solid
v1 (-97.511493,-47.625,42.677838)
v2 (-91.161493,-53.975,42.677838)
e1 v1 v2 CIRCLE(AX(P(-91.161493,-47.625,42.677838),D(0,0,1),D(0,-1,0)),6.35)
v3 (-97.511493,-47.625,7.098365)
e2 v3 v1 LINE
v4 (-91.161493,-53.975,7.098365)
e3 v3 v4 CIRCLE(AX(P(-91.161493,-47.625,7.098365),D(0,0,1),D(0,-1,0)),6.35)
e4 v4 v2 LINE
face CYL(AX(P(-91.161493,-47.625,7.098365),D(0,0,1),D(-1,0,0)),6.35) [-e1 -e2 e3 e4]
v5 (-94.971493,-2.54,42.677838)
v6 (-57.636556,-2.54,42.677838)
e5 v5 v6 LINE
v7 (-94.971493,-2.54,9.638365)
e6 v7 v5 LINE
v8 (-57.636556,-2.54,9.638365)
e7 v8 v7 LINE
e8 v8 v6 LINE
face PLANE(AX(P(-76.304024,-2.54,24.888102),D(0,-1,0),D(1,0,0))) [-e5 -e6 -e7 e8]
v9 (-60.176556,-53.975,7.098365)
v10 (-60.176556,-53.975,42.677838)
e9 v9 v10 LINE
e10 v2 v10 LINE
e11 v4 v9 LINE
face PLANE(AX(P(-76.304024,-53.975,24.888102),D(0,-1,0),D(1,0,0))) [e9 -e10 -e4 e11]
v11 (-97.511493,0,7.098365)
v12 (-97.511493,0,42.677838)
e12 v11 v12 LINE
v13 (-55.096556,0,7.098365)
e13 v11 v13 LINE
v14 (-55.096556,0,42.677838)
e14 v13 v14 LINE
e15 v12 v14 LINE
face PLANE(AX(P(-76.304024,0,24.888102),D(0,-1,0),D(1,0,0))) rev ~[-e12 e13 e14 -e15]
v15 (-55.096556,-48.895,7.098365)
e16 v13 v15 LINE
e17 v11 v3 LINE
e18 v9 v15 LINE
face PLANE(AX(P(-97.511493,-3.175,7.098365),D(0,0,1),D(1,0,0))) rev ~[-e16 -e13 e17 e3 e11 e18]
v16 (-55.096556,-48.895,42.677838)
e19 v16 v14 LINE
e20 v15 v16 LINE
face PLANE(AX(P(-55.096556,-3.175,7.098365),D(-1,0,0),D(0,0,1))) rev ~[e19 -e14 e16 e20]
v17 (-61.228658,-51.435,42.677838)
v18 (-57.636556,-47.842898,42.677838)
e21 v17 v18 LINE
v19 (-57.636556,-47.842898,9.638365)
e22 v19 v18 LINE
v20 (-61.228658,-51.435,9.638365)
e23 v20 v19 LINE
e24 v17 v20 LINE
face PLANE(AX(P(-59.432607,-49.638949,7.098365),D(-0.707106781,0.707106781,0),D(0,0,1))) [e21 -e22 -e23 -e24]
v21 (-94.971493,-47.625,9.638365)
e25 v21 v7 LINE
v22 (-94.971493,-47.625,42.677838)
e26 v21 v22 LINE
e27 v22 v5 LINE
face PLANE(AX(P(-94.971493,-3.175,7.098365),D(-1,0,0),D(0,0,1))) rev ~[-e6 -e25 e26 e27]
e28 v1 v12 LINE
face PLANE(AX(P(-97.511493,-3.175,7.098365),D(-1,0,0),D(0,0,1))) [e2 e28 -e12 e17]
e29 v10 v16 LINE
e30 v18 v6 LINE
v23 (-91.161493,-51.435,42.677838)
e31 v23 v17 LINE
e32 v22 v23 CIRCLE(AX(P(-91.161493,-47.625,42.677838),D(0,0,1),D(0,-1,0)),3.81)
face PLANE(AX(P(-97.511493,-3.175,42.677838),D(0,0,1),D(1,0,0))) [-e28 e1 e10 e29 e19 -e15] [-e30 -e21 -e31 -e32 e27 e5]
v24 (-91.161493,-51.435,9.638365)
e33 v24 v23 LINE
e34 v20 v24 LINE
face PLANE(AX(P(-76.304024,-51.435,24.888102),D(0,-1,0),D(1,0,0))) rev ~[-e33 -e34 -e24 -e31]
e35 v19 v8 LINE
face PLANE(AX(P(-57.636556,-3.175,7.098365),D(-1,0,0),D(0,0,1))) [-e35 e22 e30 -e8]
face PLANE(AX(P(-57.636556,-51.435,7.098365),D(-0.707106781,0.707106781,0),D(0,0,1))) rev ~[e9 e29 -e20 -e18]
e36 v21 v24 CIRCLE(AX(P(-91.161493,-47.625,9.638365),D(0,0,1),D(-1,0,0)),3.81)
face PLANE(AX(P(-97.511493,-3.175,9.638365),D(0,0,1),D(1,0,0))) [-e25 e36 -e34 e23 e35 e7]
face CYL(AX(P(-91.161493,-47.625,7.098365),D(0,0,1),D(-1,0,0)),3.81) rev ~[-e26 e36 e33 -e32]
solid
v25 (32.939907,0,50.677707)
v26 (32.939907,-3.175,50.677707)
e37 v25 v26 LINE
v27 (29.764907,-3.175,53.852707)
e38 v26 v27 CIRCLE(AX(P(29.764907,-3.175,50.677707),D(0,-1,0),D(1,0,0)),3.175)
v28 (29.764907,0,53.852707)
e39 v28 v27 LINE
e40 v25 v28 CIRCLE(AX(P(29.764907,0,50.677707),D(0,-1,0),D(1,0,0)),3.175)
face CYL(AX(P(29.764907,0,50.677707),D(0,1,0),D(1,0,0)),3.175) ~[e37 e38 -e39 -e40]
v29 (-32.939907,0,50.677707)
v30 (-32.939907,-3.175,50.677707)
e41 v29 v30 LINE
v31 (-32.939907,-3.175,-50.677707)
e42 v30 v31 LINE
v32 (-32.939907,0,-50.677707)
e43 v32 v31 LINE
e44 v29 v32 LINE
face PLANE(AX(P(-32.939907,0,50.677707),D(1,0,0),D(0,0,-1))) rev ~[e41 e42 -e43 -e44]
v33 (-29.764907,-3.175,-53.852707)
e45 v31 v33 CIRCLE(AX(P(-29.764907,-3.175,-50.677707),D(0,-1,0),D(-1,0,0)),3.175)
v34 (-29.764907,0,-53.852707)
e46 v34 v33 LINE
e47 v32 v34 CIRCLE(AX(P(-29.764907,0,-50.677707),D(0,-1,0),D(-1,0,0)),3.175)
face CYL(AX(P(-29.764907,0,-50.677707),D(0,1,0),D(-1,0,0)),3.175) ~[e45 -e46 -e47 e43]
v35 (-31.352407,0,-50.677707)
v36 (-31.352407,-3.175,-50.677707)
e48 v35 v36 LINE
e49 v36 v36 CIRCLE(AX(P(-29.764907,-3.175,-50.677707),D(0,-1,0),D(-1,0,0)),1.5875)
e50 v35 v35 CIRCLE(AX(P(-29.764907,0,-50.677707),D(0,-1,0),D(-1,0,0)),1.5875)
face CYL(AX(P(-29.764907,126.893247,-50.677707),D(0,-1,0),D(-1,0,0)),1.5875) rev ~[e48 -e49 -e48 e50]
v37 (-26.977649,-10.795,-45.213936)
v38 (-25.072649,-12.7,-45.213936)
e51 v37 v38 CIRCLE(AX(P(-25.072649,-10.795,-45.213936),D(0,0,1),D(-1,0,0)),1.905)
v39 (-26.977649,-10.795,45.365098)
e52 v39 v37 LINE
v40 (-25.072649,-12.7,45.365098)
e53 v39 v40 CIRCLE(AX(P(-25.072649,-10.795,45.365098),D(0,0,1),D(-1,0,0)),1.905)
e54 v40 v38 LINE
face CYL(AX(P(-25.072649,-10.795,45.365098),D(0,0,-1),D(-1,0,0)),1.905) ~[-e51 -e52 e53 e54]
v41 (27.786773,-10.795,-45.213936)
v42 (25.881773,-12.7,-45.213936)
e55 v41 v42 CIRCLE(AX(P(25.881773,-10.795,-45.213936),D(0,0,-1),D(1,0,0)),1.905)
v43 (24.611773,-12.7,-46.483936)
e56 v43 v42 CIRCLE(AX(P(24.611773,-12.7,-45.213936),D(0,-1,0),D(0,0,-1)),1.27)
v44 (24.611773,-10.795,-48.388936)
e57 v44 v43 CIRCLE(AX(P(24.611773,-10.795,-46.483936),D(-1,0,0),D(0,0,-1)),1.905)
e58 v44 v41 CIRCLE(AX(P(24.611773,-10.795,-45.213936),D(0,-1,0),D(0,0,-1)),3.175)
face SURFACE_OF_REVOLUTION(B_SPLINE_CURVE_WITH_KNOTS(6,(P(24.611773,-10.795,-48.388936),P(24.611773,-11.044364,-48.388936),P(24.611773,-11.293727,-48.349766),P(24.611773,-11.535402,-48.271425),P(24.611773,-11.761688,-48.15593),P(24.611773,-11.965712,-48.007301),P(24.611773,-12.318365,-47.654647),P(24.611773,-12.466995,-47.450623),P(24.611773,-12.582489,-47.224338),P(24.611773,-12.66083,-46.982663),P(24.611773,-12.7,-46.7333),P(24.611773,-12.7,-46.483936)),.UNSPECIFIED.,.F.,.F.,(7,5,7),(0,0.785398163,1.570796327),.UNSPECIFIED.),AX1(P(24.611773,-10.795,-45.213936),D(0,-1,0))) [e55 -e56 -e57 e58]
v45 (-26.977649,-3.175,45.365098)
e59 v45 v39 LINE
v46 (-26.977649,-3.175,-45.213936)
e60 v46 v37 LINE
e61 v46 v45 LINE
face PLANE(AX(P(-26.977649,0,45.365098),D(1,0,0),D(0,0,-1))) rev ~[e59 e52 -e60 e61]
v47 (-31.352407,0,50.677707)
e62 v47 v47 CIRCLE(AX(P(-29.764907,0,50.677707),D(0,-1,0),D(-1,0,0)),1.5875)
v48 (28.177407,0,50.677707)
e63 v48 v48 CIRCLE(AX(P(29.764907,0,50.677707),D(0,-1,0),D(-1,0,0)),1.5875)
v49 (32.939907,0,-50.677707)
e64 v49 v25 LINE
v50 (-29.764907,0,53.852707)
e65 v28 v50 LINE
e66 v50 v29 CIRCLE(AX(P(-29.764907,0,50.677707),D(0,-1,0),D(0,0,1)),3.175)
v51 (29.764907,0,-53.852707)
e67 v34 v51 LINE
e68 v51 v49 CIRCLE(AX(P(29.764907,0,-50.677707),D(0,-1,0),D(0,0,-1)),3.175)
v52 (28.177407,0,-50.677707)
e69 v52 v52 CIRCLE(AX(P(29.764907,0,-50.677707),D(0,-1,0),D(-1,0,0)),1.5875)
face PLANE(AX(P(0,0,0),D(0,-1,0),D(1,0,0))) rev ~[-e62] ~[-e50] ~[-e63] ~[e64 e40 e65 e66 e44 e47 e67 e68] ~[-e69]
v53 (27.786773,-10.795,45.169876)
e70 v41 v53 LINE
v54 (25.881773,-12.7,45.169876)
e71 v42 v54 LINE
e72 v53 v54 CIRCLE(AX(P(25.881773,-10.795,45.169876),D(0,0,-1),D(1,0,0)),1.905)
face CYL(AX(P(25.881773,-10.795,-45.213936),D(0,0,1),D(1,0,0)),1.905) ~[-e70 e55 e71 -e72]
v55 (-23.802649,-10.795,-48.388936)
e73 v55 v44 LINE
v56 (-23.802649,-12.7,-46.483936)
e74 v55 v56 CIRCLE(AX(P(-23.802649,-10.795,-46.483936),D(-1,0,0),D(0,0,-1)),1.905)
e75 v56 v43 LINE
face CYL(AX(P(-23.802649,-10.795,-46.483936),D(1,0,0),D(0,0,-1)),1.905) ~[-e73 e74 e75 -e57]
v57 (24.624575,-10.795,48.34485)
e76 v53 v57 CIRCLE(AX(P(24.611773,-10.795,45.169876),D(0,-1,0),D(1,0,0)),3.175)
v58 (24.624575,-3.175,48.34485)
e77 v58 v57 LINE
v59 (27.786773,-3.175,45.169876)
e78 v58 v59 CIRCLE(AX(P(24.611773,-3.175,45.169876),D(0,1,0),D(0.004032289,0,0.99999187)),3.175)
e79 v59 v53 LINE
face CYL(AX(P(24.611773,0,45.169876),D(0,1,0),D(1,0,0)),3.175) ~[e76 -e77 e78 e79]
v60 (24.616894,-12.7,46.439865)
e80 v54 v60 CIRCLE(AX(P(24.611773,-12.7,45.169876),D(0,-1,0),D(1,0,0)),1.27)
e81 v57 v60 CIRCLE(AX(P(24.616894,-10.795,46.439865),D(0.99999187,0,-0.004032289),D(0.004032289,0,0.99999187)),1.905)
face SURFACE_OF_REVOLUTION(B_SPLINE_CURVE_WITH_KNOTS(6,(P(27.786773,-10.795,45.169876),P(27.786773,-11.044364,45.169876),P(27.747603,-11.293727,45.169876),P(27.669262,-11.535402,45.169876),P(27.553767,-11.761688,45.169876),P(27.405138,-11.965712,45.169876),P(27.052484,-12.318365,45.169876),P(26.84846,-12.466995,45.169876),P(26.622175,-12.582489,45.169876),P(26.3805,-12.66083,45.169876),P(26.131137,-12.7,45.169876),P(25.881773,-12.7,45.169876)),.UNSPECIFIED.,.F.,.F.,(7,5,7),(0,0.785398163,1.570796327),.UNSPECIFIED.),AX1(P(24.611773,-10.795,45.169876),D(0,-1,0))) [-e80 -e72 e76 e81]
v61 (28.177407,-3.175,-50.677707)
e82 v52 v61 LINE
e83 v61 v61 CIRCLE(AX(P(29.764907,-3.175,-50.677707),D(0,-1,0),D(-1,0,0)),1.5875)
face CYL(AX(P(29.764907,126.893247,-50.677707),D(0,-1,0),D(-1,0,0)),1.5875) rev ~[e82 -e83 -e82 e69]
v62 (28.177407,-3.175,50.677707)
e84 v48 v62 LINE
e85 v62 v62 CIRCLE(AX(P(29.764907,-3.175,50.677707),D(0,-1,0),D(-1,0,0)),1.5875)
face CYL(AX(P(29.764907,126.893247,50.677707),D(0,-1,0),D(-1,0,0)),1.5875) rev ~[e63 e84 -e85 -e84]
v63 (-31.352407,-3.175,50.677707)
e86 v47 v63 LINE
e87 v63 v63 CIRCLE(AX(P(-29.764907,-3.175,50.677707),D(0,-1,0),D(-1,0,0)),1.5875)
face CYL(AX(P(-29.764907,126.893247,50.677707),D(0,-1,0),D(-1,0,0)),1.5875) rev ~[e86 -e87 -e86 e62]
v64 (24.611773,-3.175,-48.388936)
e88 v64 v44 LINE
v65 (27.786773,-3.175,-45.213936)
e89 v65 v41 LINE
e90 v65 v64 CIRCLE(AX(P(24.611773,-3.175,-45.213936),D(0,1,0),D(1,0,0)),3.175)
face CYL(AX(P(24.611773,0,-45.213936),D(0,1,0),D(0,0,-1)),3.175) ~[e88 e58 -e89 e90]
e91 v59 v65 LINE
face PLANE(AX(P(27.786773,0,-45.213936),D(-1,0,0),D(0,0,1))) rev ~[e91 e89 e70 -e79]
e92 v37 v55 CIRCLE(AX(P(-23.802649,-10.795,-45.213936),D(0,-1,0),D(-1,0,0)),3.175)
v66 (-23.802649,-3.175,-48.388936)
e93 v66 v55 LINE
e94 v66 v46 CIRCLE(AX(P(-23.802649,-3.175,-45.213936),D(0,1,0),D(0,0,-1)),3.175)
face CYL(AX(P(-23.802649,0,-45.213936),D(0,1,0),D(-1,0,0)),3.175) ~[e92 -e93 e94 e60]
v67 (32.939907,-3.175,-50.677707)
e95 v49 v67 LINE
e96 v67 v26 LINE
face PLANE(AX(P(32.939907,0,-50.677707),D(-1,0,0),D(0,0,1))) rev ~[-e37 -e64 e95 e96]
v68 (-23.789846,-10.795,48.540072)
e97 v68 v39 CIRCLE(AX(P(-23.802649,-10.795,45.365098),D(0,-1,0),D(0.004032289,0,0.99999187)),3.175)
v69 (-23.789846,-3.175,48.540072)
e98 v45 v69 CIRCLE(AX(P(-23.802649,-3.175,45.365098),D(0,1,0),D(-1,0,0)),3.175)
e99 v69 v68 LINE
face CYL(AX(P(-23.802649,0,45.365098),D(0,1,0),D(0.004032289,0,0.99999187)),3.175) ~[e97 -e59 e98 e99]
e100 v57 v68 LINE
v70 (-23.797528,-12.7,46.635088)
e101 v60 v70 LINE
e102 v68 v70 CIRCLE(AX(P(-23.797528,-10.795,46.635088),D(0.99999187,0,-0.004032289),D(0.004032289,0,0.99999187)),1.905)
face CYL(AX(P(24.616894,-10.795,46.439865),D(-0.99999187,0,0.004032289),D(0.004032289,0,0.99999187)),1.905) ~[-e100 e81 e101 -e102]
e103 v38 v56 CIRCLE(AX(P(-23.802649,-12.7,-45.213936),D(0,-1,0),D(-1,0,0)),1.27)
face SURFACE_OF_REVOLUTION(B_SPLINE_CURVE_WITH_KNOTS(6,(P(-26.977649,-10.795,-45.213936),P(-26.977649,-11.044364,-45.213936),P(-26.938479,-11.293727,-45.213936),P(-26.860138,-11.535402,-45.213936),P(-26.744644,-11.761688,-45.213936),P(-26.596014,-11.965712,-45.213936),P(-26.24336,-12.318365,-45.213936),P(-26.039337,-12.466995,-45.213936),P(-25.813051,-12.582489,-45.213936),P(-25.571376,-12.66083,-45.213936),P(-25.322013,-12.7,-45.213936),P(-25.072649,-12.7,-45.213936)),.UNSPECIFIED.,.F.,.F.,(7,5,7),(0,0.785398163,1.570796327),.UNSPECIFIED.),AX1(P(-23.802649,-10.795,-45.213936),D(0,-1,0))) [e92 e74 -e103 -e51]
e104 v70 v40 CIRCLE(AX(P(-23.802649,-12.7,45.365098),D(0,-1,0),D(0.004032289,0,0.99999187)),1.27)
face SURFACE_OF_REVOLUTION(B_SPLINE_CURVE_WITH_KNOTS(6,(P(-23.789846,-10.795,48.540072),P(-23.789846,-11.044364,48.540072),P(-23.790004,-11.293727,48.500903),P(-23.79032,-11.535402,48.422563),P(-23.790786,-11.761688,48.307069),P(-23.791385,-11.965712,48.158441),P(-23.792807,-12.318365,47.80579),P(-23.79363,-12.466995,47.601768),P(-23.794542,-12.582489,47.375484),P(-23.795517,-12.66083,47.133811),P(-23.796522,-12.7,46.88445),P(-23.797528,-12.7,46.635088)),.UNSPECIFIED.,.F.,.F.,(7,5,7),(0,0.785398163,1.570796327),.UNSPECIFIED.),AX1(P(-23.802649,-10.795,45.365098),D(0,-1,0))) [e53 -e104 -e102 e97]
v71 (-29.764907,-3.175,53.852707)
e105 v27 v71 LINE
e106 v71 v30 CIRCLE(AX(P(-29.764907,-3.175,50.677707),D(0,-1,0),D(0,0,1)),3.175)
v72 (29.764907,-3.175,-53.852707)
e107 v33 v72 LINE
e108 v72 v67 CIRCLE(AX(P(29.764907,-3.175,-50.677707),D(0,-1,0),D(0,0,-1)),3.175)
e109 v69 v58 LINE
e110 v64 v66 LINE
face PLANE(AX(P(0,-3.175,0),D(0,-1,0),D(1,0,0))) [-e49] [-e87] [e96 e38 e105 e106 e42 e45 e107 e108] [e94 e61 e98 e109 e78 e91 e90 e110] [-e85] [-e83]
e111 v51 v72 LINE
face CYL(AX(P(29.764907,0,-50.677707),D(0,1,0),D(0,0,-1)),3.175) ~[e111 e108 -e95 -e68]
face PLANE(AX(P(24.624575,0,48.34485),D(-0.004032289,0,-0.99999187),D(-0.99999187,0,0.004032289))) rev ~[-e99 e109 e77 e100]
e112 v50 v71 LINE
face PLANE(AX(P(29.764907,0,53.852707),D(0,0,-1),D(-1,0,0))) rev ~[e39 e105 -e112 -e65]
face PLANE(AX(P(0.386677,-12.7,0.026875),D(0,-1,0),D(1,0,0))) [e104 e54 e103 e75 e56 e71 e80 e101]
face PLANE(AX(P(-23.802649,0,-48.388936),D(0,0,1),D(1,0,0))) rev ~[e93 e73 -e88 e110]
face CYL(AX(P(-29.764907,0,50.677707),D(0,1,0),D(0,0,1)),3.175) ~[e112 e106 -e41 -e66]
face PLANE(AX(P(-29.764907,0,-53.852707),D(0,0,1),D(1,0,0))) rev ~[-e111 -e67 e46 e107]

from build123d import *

# Parameters (mm, degrees)
F1_DEPTH = 12.7
F2_DEPTH = 3.175
F0_W     = 42.4149371684
F0_H     = 35.5794732459
F3_D     = 3.175
F4_D     = 3.175
F5_R     = 1.905
F6_DEPTH = 50.8
F7_R     = 6.35
F8_SIZE  = 5.08
F9_T     = -2.54


with BuildPart() as f1:
    # F0 (on Front) → F1 (new body)
    with BuildSketch(Plane.XZ):
        with BuildLine():
            ThreePointArc((-23.7898464417, 48.540072385), (-26.0431820434, 47.6146840466), (-26.9776489586, 45.3650981968))
            Line((-26.9776489586, 45.3650981968), (-26.9776489586, -45.2139356256))
            ThreePointArc((-26.9776489586, -45.2139356256), (-26.0477129888, -47.4589996558), (-23.8026489586, -48.3889356256))
            Line((-23.8026489586, -48.3889356256), (24.6117726982, -48.3889356256))
            ThreePointArc((24.6117726982, -48.3889356256), (26.8568367284, -47.4589996558), (27.7867726982, -45.2139356256))
            Line((27.7867726982, -45.2139356256), (27.7867726982, 45.1698756804))
            ThreePointArc((27.7867726982, 45.1698756804), (26.8613585479, 47.4104087653), (24.624575215, 48.3448498686))
            Line((24.624575215, 48.3448498686), (-23.7898464417, 48.540072385))
        make_face()
    extrude(amount=F1_DEPTH)

    # F0 (on Front) → F2 (join)
    with BuildSketch(Plane.XZ):
        with BuildLine():
            Line((29.7649071634, 53.8527071476), (-29.7649071634, 53.8527071476))
            ThreePointArc((-29.7649071634, 53.8527071476), (-32.0099711936, 52.9227711779), (-32.9399071634, 50.6777071476))
            Line((-32.9399071634, 50.6777071476), (-32.9399071634, -50.6777071476))
            ThreePointArc((-32.9399071634, -50.6777071476), (-32.0099711936, -52.9227711779), (-29.7649071634, -53.8527071476))
            Line((-29.7649071634, -53.8527071476), (29.7649071634, -53.8527071476))
            ThreePointArc((29.7649071634, -53.8527071476), (32.0099711936, -52.9227711779), (32.9399071634, -50.6777071476))
            Line((32.9399071634, -50.6777071476), (32.9399071634, 50.6777071476))
            ThreePointArc((32.9399071634, 50.6777071476), (32.0099711936, 52.9227711779), (29.7649071634, 53.8527071476))
        make_face()
        with BuildLine():
            Line((-26.9776489586, -45.2139356256), (-26.9776489586, 45.3650981968))
            ThreePointArc((-26.9776489586, 45.3650981968), (-26.0431820434, 47.6146840466), (-23.7898464417, 48.540072385))
            Line((-23.7898464417, 48.540072385), (24.624575215, 48.3448498686))
            ThreePointArc((24.624575215, 48.3448498686), (26.8613585479, 47.4104087653), (27.7867726982, 45.1698756804))
            Line((27.7867726982, 45.1698756804), (27.7867726982, -45.2139356256))
            ThreePointArc((27.7867726982, -45.2139356256), (26.8568367284, -47.4589996558), (24.6117726982, -48.3889356256))
            Line((24.6117726982, -48.3889356256), (-23.8026489586, -48.3889356256))
            ThreePointArc((-23.8026489586, -48.3889356256), (-26.0477129888, -47.4589996558), (-26.9776489586, -45.2139356256))
        make_face(mode=Mode.SUBTRACT)
    extrude(amount=F2_DEPTH)

    # F3 (through all)
    with Locations(Plane(origin=(0, 0, 0), x_dir=(1, 0, 0), z_dir=(0, 1, 0))):
        with Locations((-29.7649071634, -50.6777071476)):
            Hole(F3_D / 2)

    # F4 (through all)
    with Locations(Plane(origin=(0, 0, 0), x_dir=(1, 0, 0), z_dir=(0, 1, 0))):
        with Locations((29.7649071634, -50.6777071476), (-29.7649071634, 50.6777071476), (29.7649071634, 50.6777071476)):
            Hole(F4_D / 2)

    # F5
    f5_edges = [f1.edges().sort_by_distance(p)[0] for p in [
        (26.861359, -12.7, 47.410409),
        (0.417364, -12.7, 48.442461),
        (-26.043182, -12.7, 47.614684),
        (-26.977649, -12.7, 0.075581),
        (-26.047713, -12.7, -47.459),
        (0.404562, -12.7, -48.388936),
        (26.856837, -12.7, -47.459),
        (27.786773, -12.7, -0.02203),
    ]]
    fillet(f5_edges, radius=F5_R)


with BuildPart() as f2:
    # F0 (on Front) → F2, piece 2 (new body)
    with BuildSketch(Plane.XZ):
        with Locations((-76.3040240854, 24.8881017324)):
            Rectangle(F0_W, F0_H)
    extrude(amount=F2_DEPTH)

    # F6 (add): a face of the model
    f6_faces = [f2.faces().sort_by_distance(p)[0] for p in [
        (-76.3040240854, -3.175, 24.8881017324),
    ]]
    extrude(f6_faces, amount=F6_DEPTH)

    # F7
    f7_edges = [f2.edges().sort_by_distance(p)[0] for p in [
        (-97.511493, -53.975, 24.888102),
    ]]
    fillet(f7_edges, radius=F7_R)

    # F8
    f8_edges = [f2.edges().sort_by_distance(p)[0] for p in [
        (-55.096556, -53.975, 24.888102),
    ]]
    chamfer(f8_edges, length=F8_SIZE)

    # F9
    f9_openings = [f2.faces().sort_by_distance(p)[0] for p in [
        (-76.339545, -26.746017, 42.677838),
    ]]
    offset(amount=F9_T, openings=f9_openings)


solid = Compound([f1.part, f2.part])
